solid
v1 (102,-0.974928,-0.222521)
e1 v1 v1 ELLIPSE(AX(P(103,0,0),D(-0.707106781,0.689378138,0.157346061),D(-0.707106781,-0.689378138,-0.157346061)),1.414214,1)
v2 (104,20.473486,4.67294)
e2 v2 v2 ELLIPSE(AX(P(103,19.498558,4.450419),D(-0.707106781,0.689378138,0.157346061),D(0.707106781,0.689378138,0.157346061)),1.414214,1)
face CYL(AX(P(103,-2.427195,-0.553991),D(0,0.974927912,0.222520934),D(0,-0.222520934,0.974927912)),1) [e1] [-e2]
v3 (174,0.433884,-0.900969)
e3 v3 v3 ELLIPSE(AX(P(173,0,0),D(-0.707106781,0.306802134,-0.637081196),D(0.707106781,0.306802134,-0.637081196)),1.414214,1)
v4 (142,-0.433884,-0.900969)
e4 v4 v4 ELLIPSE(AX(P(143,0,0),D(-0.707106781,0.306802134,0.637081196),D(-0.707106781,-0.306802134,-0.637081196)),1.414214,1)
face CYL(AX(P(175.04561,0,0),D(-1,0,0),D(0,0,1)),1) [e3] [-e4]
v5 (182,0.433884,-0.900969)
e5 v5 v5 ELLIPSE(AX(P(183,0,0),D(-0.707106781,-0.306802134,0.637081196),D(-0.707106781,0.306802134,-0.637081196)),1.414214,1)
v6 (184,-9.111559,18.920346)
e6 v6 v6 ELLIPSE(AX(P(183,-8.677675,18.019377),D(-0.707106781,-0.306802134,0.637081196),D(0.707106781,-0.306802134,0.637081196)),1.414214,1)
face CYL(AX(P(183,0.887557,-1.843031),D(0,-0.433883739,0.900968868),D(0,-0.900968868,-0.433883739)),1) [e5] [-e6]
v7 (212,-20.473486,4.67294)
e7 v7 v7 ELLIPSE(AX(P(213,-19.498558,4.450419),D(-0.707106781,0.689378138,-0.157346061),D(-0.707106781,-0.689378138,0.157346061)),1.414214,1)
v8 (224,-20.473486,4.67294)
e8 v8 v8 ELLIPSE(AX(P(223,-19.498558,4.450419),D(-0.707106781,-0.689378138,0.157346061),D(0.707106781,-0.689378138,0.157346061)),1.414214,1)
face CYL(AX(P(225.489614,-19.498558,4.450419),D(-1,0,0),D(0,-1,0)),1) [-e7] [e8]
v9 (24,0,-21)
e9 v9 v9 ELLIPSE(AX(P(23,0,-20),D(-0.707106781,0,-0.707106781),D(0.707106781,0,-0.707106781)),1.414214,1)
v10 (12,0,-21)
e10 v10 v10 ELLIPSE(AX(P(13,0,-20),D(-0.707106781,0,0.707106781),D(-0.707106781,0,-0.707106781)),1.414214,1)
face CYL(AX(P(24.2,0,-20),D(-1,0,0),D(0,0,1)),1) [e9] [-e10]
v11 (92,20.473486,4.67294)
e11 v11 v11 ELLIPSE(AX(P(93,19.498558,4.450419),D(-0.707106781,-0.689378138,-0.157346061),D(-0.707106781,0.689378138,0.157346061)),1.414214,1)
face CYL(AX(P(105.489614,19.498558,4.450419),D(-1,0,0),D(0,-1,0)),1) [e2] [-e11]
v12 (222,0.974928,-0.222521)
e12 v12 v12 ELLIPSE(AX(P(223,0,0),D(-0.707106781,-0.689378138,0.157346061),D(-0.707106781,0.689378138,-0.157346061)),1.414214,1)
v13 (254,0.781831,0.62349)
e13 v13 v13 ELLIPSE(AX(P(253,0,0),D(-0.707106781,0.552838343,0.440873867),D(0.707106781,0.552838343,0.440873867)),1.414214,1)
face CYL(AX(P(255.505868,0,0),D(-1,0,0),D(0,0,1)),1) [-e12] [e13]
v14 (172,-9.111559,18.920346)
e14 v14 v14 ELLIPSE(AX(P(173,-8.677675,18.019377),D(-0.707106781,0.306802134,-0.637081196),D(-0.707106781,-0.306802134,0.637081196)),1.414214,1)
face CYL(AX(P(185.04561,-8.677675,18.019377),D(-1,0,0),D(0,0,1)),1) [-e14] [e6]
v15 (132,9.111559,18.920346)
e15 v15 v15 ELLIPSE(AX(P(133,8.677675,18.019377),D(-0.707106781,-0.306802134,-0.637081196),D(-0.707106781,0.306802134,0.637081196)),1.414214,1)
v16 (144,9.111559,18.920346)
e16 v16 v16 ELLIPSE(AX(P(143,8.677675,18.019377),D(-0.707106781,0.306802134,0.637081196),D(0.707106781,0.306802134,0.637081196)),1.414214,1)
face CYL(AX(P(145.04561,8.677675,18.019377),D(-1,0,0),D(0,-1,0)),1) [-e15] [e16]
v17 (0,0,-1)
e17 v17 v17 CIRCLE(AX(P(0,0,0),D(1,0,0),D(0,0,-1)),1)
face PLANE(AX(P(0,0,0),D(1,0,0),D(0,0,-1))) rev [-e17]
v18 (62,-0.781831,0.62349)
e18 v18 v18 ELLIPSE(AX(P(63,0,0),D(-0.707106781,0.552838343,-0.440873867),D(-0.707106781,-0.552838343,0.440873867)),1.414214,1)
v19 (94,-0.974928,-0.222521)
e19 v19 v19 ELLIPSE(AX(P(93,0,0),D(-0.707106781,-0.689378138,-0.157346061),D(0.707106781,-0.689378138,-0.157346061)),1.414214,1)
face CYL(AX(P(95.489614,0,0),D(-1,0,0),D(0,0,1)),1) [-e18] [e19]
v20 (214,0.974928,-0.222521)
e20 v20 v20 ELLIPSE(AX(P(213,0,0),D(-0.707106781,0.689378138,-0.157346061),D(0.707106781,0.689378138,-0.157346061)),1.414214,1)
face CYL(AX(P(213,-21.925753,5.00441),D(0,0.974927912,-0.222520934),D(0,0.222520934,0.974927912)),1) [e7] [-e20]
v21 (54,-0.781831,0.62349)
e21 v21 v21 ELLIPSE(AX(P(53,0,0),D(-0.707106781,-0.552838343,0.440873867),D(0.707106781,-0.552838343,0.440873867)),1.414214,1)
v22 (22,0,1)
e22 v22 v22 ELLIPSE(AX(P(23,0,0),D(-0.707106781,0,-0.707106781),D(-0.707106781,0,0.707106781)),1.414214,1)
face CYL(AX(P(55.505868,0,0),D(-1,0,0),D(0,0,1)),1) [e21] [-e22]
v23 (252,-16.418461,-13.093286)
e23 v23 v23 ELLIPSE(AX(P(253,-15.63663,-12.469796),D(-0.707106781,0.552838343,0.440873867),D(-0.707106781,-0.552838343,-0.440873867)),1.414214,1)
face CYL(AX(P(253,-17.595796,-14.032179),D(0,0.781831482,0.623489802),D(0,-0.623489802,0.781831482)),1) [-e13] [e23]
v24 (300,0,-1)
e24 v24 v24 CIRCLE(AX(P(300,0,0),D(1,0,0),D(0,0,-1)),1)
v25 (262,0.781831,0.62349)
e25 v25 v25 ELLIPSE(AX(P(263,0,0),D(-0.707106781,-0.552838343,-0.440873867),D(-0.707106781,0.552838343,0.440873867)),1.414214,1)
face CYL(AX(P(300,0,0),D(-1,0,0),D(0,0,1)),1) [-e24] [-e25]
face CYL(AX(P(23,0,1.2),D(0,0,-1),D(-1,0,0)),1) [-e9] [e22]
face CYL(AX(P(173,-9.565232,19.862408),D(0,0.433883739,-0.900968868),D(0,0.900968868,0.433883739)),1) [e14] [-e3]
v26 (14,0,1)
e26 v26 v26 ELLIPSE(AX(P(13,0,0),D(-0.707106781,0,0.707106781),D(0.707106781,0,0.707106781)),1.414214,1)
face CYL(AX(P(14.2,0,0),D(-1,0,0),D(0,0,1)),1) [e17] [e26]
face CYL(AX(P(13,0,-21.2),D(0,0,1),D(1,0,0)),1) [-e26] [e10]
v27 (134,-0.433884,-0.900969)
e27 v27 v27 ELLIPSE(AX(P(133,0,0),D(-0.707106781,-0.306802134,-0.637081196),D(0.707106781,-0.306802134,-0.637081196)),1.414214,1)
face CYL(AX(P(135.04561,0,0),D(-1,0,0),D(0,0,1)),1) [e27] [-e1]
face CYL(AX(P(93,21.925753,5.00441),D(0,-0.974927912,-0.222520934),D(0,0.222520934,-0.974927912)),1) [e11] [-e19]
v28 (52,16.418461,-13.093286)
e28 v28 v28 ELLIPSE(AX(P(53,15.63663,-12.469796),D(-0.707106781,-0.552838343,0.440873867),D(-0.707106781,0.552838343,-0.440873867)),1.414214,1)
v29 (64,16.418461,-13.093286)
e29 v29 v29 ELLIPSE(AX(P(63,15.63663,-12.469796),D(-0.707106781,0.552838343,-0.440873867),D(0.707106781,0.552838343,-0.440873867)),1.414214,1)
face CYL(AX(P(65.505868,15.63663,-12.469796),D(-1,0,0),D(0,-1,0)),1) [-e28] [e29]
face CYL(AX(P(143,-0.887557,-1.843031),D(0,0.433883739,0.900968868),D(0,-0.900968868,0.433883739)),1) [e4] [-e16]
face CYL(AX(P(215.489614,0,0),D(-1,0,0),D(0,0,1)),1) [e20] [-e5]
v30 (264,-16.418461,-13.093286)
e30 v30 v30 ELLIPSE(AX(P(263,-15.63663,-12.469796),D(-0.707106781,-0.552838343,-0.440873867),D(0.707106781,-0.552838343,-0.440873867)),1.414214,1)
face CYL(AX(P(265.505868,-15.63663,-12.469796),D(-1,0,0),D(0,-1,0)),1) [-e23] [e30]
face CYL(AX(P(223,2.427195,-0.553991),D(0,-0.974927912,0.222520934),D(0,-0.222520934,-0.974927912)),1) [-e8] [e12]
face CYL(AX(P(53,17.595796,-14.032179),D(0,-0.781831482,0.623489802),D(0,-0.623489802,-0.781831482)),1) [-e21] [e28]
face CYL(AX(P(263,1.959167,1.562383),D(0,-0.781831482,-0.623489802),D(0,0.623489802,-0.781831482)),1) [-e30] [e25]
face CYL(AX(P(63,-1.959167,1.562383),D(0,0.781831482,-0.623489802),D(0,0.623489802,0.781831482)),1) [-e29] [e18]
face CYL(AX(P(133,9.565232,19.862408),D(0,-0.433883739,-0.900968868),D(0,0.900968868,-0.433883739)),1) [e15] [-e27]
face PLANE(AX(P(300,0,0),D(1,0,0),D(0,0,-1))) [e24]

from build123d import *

# Parameters (mm, degrees)
SKETCH5_R = 1


with BuildPart() as part:
    # Sweep1: sweep along a curve in space
    with BuildLine() as sweep1_path:
        Line((13, 0, 0), (0, 0, 0))
        Line((13, 0, -20), (13, 0, 0))
        Line((23, 0, -20), (13, 0, -20))
        Line((23, 0, 0), (23, 0, -20))
        Line((53, 0, 0), (23, 0, 0))
        Line((53, 0, 0), (53, 15.636629649, -12.469796037))
        Line((53, 15.636629649, -12.469796037), (63, 15.636629649, -12.469796037))
        Line((63, 15.636629649, -12.469796037), (63, 0, 0))
        Line((63, 0, 0), (93, 0, 0))
        Line((93, 0, 0), (93, 19.498558244, 4.450418679))
        Line((93, 19.498558244, 4.450418679), (103, 19.498558244, 4.450418679))
        Line((103, 19.498558244, 4.450418679), (103, 0, 0))
        Line((103, 0, 0), (133, 0, 0))
        Line((133, 0, 0), (133, 8.677674782, 18.019377358))
        Line((133, 8.677674782, 18.019377358), (143, 8.677674782, 18.019377358))
        Line((143, 8.677674782, 18.019377358), (143, 0, 0))
        Line((143, 0, 0), (173, 0, 0))
        Line((173, 0, 0), (173, -8.677674782, 18.019377358))
        Line((173, -8.677674782, 18.019377358), (183, -8.677674782, 18.019377358))
        Line((183, -8.677674782, 18.019377358), (183, 0, 0))
        Line((183, 0, 0), (213, 0, 0))
        Line((213, 0, 0), (213, -19.498558244, 4.450418679))
        Line((213, -19.498558244, 4.450418679), (223, -19.498558244, 4.450418679))
        Line((223, -19.498558244, 4.450418679), (223, 0, 0))
        Line((223, 0, 0), (253, 0, 0))
        Line((253, 0, 0), (253, -15.636629649, -12.469796037))
        Line((253, -15.636629649, -12.469796037), (263, -15.636629649, -12.469796037))
        Line((263, -15.636629649, -12.469796037), (263, 0, 0))
        Line((263, 0, 0), (300, 0, 0))
    # Sketch5 → Sweep1 (sweep)
    with BuildSketch(Plane(origin=(0, 0, 0), x_dir=(0, 0, -1), z_dir=(1, 0, 0))):
        Circle(SKETCH5_R)
    sweep(path=sweep1_path.line, transition=Transition.RIGHT)


solid = part.part
